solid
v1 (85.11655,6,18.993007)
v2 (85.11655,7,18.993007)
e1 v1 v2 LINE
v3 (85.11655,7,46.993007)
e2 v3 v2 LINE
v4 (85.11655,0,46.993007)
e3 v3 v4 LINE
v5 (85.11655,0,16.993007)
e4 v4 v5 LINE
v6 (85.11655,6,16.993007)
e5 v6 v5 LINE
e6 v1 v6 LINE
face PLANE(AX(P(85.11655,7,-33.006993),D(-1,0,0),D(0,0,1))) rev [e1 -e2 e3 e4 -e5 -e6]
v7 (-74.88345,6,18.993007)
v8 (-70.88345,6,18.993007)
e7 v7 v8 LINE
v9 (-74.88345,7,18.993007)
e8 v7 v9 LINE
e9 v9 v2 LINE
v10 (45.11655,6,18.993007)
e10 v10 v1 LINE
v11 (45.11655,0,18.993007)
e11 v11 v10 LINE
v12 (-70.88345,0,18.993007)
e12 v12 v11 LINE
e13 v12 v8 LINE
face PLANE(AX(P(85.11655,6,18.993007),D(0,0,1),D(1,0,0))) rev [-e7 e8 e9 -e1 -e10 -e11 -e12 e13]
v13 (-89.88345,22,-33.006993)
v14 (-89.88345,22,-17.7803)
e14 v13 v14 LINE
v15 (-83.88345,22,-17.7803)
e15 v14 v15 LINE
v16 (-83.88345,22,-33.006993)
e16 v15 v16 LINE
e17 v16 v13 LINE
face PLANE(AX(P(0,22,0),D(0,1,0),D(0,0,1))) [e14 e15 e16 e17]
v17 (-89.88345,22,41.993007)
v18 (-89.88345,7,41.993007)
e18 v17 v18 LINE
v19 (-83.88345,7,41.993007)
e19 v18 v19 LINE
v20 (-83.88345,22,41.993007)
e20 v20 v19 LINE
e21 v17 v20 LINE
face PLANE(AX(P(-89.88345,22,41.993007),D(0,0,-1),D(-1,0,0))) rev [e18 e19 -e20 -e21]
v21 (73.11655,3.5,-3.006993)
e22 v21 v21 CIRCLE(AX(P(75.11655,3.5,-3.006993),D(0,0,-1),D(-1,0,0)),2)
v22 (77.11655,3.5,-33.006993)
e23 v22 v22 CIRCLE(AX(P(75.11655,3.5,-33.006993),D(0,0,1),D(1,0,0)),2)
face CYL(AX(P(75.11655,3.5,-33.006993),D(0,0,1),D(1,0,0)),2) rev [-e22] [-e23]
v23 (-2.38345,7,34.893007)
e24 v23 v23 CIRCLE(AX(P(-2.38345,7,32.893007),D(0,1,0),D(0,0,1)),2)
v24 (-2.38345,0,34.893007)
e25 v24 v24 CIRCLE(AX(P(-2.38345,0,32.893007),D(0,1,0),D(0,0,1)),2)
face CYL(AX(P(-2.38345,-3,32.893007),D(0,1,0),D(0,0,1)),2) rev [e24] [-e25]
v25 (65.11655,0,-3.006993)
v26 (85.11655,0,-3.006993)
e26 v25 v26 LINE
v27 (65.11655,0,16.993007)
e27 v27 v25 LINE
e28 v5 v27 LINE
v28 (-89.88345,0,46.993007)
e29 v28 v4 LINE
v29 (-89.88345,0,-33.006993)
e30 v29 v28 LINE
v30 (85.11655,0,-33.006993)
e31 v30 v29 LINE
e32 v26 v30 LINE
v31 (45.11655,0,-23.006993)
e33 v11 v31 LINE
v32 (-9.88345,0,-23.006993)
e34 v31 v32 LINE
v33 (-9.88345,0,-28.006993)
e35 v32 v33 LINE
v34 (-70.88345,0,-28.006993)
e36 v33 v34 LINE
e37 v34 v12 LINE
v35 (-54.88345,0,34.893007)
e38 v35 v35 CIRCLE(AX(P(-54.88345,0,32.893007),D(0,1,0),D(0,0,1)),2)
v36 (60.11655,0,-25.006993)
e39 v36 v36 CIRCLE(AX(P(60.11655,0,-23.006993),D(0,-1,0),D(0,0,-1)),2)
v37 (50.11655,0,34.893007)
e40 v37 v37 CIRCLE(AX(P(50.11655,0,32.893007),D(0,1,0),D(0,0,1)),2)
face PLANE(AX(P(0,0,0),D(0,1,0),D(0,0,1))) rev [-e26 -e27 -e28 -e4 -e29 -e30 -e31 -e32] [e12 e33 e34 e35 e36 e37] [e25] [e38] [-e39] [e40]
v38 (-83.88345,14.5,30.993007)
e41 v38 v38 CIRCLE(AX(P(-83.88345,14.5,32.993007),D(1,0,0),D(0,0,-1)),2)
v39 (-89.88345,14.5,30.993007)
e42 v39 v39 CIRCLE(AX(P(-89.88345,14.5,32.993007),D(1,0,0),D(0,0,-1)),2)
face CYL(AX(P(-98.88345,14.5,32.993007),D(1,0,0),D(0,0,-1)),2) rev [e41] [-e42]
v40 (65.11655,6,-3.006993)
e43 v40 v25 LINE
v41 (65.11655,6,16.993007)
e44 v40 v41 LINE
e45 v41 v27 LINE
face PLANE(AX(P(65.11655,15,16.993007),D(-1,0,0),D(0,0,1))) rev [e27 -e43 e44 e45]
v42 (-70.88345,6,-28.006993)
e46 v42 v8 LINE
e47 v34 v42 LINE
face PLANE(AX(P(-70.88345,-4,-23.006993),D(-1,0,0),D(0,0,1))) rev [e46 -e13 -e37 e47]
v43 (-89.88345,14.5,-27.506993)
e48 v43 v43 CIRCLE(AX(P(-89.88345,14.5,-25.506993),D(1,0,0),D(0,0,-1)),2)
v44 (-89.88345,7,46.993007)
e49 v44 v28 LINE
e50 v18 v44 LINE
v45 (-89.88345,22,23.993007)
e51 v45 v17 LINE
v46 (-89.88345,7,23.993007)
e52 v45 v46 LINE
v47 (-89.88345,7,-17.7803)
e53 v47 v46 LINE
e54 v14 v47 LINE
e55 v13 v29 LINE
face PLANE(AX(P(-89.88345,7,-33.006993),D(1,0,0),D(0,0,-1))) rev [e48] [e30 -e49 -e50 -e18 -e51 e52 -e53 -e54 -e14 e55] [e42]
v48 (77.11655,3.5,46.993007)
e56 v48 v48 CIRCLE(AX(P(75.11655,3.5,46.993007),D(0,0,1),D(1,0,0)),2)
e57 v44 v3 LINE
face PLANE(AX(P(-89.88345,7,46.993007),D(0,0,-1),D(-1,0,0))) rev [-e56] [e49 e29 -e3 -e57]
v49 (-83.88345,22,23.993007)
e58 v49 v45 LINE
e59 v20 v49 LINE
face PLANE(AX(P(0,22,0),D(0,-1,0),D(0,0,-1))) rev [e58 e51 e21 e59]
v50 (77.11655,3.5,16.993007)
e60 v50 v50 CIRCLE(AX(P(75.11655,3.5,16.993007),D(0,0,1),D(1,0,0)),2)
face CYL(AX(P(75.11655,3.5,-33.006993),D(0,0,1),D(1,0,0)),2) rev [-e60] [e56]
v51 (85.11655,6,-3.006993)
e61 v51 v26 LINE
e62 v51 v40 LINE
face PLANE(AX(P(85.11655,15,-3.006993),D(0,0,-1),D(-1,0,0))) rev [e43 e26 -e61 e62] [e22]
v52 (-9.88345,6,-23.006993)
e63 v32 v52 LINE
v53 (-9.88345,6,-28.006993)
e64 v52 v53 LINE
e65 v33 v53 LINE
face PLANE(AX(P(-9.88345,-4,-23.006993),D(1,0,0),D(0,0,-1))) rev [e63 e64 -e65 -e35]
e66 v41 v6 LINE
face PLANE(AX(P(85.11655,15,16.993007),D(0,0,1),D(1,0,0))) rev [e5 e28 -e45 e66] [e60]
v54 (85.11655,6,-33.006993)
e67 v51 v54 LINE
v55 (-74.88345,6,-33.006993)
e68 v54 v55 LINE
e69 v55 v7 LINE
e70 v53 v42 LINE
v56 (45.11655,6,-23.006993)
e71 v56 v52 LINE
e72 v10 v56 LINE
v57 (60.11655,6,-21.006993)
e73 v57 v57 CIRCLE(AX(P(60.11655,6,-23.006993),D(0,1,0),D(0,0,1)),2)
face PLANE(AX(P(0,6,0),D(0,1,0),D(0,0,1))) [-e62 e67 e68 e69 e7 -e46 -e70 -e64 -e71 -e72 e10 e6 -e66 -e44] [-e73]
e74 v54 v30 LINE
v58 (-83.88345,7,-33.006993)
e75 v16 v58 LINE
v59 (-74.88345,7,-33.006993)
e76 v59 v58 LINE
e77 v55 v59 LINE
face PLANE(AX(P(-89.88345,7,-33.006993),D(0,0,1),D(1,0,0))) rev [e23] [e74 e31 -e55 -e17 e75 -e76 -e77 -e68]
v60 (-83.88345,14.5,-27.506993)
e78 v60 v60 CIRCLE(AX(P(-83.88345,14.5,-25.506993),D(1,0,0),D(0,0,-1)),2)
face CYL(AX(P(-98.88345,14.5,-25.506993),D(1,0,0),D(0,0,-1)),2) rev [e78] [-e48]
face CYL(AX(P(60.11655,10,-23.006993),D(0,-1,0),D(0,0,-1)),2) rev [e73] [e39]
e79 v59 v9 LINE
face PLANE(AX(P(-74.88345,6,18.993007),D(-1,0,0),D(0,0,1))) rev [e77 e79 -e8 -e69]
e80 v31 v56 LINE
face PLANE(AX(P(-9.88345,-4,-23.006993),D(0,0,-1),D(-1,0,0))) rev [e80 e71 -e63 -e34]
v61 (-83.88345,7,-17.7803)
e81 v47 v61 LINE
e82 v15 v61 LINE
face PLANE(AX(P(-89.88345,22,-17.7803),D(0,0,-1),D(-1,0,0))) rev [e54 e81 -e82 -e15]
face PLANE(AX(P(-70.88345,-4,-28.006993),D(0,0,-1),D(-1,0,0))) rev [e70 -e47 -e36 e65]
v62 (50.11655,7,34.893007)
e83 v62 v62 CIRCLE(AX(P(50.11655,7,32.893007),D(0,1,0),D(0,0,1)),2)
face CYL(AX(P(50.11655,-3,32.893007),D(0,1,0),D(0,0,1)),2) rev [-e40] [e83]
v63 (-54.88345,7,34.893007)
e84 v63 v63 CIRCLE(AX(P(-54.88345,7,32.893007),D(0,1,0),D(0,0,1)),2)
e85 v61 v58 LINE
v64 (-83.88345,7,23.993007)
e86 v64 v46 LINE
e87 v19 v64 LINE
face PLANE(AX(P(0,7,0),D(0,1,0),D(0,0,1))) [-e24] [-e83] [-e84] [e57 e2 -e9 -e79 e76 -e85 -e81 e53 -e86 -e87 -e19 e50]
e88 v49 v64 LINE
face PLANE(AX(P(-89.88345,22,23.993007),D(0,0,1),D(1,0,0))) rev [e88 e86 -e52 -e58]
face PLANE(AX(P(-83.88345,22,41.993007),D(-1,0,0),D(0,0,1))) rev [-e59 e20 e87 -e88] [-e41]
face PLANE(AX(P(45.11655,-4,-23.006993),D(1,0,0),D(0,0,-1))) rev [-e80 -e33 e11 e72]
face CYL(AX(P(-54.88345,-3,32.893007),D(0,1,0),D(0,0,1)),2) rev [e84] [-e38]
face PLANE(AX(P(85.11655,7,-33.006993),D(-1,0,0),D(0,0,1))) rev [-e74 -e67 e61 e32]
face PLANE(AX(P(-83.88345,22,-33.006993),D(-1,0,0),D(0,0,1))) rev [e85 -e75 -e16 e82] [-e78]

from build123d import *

# Parameters (mm, degrees)
SKETCH1_W               = 175
SKETCH1_H               = 80
BOSS_EXTRUDE1_DEPTH     = 7
SKETCH2_R               = 2
CUT_EXTRUDE1_DEPTH      = 10
SKETCH3_W               = 160
SKETCH3_H               = 52
CUT_EXTRUDE2_DEPTH      = 1
CUT_EXTRUDE3_DEPTH      = 10
SKETCH7_W               = 6
SKETCH7_H               = 15.226692755
SKETCH7_H_2             = 18
BOSS_EXTRUDE3_DEPTH     = 15
SKETCH8_R               = 2
CUT_EXTRUDE4_DEPTH      = 15
SKETCH9_W               = 20
SKETCH9_H               = 20
CUT_EXTRUDE5_DEPTH      = 15
SKETCH10_R              = 2
CUT_EXTRUDE7_DEPTH      = 51
CUT_EXTRUDE7_DEPTH_BACK = 31
SKETCH11_R              = 2
CUT_EXTRUDE8_DEPTH      = 10


with BuildPart() as part:
    # Sketch1 → Boss-Extrude1 (new body)
    with BuildSketch(Plane(origin=(0, 0, 0), x_dir=(1, 0, 0), z_dir=(0, 1, 0))):
        with Locations((-2.383449883, -6.993006993)):
            Rectangle(SKETCH1_W, SKETCH1_H)
    extrude(amount=BOSS_EXTRUDE1_DEPTH)

    # Sketch2 → Cut-Extrude1 (cut)
    with BuildSketch(Plane(origin=(0, 7, 0), x_dir=(1, 0, 0), z_dir=(0, 1, 0))):
        with Locations((-54.883449883, -32.893006993)):
            Circle(SKETCH2_R)
        with Locations((-2.383449883, -32.893006993)):
            Circle(SKETCH2_R)
        with Locations((50.116550117, -32.893006993)):
            Circle(SKETCH2_R)
    extrude(amount=-CUT_EXTRUDE1_DEPTH, mode=Mode.SUBTRACT)

    # Sketch3 → Cut-Extrude2 (cut)
    with BuildSketch(Plane(origin=(0, 7, 0), x_dir=(1, 0, 0), z_dir=(0, 1, 0))):
        with Locations((5.116550117, 7.006993007)):
            Rectangle(SKETCH3_W, SKETCH3_H)
    extrude(amount=-CUT_EXTRUDE2_DEPTH, mode=Mode.SUBTRACT)

    # Sketch6 → Cut-Extrude3 (cut)
    with BuildSketch(Plane(origin=(0, 6, 0), x_dir=(1, 0, 0), z_dir=(0, 1, 0))):
        Polygon((-70.883449883, 23.006993007), (-70.883449883, -18.993006993), (45.116550117, -18.993006993), (45.116550117, 23.006993007), (-9.883449883, 23.006993007), (-9.883449883, 28.006993007), (-70.883449883, 28.006993007), align=None)
    extrude(amount=-CUT_EXTRUDE3_DEPTH, mode=Mode.SUBTRACT)

    # Sketch7 → Boss-Extrude3 (add)
    with BuildSketch(Plane(origin=(0, 7, 0), x_dir=(1, 0, 0), z_dir=(0, 1, 0))):
        with Locations((-86.883449883, 25.39364663)):
            Rectangle(SKETCH7_W, SKETCH7_H)
        with Locations((-86.883449883, -32.993006993)):
            Rectangle(SKETCH7_W, SKETCH7_H_2)
    extrude(amount=BOSS_EXTRUDE3_DEPTH)

    # Sketch8 → Cut-Extrude4 (cut)
    with BuildSketch(Plane(origin=(-83.883449883, 0, 0), x_dir=(0, 0, -1), z_dir=(1, 0, 0))):
        with Locations((25.506993007, 14.5)):
            Circle(SKETCH8_R)
        with Locations((-32.993006993, 14.5)):
            Circle(SKETCH8_R)
    extrude(amount=-CUT_EXTRUDE4_DEPTH, mode=Mode.SUBTRACT)

    # Sketch9 → Cut-Extrude5 (cut)
    with BuildSketch(Plane.XZ):
        with Locations((75.116550117, 6.993006993)):
            Rectangle(SKETCH9_W, SKETCH9_H)
    extrude(amount=-CUT_EXTRUDE5_DEPTH, mode=Mode.SUBTRACT)

    # Sketch10 → Cut-Extrude7 (cut, two sides)
    with BuildSketch(Plane.XY.offset(-3.006993007)) as cut_extrude7_sk:
        with Locations((75.116550117, 3.5)):
            Circle(SKETCH10_R)
    extrude(amount=CUT_EXTRUDE7_DEPTH, mode=Mode.SUBTRACT)
    extrude(cut_extrude7_sk.sketch, amount=-CUT_EXTRUDE7_DEPTH_BACK, mode=Mode.SUBTRACT)

    # Sketch11 → Cut-Extrude8 (cut)
    with BuildSketch(Plane.XZ):
        with Locations((60.116550117, -23.006993007)):
            Circle(SKETCH11_R)
    extrude(amount=-CUT_EXTRUDE8_DEPTH, mode=Mode.SUBTRACT)


solid = part.part
